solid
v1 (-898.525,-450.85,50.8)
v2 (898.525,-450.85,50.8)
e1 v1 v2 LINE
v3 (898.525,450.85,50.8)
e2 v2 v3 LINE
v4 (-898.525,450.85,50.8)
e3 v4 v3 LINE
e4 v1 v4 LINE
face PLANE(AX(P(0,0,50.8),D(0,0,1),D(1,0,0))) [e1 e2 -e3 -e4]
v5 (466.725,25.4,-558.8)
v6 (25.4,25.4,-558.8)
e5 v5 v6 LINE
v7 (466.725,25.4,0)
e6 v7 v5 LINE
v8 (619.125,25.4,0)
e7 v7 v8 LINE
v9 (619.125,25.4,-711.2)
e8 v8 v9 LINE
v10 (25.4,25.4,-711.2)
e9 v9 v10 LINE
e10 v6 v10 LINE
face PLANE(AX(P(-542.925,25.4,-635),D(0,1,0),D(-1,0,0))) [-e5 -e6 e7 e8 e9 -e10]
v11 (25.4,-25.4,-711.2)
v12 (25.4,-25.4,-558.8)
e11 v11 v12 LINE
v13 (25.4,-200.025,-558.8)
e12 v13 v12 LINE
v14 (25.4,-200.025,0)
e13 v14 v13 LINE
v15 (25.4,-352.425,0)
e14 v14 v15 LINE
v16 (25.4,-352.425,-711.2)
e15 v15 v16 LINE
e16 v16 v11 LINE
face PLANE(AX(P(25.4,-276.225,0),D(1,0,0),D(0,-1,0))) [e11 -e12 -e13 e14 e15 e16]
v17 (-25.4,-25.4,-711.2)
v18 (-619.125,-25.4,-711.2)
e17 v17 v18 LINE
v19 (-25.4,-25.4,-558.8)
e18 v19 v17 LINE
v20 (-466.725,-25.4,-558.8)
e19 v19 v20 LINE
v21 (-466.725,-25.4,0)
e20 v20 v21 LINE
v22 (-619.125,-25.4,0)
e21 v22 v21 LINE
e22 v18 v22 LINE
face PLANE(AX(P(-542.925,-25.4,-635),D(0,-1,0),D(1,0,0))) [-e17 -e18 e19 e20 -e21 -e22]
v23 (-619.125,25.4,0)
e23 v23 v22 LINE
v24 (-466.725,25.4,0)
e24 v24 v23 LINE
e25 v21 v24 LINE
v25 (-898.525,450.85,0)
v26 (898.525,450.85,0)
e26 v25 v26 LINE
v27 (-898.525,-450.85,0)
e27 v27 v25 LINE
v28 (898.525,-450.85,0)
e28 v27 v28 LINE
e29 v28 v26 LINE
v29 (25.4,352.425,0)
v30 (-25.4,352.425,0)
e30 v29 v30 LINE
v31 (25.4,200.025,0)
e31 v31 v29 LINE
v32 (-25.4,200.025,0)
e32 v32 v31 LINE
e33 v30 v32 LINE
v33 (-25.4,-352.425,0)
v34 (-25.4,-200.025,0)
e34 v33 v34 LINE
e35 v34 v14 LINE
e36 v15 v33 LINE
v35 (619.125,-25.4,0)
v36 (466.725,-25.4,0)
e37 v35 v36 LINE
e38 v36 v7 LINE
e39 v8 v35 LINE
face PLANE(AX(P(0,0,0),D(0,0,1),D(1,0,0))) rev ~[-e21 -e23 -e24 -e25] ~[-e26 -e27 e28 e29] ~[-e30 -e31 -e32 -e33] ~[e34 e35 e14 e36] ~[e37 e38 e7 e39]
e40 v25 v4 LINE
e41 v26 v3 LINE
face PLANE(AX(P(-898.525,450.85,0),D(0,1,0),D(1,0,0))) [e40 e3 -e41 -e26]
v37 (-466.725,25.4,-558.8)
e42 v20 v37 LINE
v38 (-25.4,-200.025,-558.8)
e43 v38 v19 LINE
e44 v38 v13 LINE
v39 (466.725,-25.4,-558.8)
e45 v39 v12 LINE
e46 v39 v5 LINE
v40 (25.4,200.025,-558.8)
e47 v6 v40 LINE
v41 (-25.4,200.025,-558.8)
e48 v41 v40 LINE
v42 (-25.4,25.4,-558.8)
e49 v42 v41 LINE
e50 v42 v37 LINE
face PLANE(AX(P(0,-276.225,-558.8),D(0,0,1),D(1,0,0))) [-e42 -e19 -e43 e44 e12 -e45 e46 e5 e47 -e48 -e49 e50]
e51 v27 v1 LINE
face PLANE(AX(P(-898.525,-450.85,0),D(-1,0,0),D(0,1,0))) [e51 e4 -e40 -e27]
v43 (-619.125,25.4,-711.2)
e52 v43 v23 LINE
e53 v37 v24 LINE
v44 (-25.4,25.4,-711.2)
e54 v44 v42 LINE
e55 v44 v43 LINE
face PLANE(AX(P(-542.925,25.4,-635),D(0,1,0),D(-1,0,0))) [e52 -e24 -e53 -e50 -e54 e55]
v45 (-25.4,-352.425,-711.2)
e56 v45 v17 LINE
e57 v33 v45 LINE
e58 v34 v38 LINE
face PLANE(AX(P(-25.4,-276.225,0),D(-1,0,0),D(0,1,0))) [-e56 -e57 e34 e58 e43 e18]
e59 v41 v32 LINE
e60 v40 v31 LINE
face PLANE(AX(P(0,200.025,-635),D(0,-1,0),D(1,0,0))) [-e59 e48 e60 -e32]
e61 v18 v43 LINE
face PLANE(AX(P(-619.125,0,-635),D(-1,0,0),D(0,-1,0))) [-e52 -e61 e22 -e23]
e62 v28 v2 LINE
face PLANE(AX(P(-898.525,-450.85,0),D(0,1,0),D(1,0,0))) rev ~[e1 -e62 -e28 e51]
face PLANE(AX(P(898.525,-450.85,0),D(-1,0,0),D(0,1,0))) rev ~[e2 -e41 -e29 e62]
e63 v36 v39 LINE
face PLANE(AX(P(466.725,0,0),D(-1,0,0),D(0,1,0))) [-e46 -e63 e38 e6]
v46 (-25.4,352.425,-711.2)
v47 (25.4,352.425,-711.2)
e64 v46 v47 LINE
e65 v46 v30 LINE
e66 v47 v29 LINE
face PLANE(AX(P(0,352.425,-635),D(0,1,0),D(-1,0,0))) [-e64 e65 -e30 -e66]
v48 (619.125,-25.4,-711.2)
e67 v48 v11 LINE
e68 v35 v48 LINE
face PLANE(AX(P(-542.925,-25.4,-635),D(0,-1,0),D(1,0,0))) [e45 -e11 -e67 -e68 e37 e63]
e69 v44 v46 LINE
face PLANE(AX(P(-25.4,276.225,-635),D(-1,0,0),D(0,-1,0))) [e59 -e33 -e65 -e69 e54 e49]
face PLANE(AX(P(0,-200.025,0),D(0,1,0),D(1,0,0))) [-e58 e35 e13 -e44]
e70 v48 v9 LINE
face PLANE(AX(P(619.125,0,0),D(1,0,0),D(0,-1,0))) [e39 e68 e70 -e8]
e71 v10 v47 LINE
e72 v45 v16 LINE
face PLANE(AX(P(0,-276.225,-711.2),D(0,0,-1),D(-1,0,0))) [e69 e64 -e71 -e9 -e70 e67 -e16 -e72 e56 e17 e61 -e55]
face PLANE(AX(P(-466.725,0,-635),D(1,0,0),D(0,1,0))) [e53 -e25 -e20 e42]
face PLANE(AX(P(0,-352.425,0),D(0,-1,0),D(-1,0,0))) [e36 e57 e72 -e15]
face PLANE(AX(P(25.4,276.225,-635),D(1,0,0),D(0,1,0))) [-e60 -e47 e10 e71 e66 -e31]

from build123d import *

# Parameters (mm, degrees)
F0_W     = 1797.05
F0_H     = 901.7
F1_DEPTH = 50.8
F2_W     = 152.4
F2_H     = 50.8
F5_W     = 50.8
F5_H     = 152.4


with BuildPart() as f1:
    # F0 (on Top) → F1 (new body)
    with BuildSketch(Plane.XY):
        Rectangle(F0_W, F0_H)
    extrude(amount=F1_DEPTH)

    # F4: sweep along a path in F3
    with BuildLine(Plane.XZ) as f4_path:
        Line((542.925, 0), (542.925, -635))
        Line((542.925, -635), (-542.925, -635))
        Line((-542.925, -635), (-542.925, 0))
    # F2 (on face) → F4 (sweep)
    with BuildSketch(Plane(origin=(0, 0, 0), x_dir=(1, 0, 0), z_dir=(0, 0, -1))):
        with Locations((542.925, 0)):
            Rectangle(F2_W, F2_H)
    sweep(path=f4_path.line, transition=Transition.RIGHT)

    # F7: sweep along a path in F6
    with BuildLine(Plane.YZ) as f7_path:
        Line((-276.225, 0), (-276.225, -635))
        Line((-276.225, -635), (276.225, -635))
        Line((276.225, -635), (276.225, 0))
    # F5 (on face) → F7 (sweep)
    with BuildSketch(Plane(origin=(0, 0, 0), x_dir=(1, 0, 0), z_dir=(0, 0, -1))):
        with Locations((0, 276.225)):
            Rectangle(F5_W, F5_H)
    sweep(path=f7_path.line, transition=Transition.RIGHT)


solid = f1.part
